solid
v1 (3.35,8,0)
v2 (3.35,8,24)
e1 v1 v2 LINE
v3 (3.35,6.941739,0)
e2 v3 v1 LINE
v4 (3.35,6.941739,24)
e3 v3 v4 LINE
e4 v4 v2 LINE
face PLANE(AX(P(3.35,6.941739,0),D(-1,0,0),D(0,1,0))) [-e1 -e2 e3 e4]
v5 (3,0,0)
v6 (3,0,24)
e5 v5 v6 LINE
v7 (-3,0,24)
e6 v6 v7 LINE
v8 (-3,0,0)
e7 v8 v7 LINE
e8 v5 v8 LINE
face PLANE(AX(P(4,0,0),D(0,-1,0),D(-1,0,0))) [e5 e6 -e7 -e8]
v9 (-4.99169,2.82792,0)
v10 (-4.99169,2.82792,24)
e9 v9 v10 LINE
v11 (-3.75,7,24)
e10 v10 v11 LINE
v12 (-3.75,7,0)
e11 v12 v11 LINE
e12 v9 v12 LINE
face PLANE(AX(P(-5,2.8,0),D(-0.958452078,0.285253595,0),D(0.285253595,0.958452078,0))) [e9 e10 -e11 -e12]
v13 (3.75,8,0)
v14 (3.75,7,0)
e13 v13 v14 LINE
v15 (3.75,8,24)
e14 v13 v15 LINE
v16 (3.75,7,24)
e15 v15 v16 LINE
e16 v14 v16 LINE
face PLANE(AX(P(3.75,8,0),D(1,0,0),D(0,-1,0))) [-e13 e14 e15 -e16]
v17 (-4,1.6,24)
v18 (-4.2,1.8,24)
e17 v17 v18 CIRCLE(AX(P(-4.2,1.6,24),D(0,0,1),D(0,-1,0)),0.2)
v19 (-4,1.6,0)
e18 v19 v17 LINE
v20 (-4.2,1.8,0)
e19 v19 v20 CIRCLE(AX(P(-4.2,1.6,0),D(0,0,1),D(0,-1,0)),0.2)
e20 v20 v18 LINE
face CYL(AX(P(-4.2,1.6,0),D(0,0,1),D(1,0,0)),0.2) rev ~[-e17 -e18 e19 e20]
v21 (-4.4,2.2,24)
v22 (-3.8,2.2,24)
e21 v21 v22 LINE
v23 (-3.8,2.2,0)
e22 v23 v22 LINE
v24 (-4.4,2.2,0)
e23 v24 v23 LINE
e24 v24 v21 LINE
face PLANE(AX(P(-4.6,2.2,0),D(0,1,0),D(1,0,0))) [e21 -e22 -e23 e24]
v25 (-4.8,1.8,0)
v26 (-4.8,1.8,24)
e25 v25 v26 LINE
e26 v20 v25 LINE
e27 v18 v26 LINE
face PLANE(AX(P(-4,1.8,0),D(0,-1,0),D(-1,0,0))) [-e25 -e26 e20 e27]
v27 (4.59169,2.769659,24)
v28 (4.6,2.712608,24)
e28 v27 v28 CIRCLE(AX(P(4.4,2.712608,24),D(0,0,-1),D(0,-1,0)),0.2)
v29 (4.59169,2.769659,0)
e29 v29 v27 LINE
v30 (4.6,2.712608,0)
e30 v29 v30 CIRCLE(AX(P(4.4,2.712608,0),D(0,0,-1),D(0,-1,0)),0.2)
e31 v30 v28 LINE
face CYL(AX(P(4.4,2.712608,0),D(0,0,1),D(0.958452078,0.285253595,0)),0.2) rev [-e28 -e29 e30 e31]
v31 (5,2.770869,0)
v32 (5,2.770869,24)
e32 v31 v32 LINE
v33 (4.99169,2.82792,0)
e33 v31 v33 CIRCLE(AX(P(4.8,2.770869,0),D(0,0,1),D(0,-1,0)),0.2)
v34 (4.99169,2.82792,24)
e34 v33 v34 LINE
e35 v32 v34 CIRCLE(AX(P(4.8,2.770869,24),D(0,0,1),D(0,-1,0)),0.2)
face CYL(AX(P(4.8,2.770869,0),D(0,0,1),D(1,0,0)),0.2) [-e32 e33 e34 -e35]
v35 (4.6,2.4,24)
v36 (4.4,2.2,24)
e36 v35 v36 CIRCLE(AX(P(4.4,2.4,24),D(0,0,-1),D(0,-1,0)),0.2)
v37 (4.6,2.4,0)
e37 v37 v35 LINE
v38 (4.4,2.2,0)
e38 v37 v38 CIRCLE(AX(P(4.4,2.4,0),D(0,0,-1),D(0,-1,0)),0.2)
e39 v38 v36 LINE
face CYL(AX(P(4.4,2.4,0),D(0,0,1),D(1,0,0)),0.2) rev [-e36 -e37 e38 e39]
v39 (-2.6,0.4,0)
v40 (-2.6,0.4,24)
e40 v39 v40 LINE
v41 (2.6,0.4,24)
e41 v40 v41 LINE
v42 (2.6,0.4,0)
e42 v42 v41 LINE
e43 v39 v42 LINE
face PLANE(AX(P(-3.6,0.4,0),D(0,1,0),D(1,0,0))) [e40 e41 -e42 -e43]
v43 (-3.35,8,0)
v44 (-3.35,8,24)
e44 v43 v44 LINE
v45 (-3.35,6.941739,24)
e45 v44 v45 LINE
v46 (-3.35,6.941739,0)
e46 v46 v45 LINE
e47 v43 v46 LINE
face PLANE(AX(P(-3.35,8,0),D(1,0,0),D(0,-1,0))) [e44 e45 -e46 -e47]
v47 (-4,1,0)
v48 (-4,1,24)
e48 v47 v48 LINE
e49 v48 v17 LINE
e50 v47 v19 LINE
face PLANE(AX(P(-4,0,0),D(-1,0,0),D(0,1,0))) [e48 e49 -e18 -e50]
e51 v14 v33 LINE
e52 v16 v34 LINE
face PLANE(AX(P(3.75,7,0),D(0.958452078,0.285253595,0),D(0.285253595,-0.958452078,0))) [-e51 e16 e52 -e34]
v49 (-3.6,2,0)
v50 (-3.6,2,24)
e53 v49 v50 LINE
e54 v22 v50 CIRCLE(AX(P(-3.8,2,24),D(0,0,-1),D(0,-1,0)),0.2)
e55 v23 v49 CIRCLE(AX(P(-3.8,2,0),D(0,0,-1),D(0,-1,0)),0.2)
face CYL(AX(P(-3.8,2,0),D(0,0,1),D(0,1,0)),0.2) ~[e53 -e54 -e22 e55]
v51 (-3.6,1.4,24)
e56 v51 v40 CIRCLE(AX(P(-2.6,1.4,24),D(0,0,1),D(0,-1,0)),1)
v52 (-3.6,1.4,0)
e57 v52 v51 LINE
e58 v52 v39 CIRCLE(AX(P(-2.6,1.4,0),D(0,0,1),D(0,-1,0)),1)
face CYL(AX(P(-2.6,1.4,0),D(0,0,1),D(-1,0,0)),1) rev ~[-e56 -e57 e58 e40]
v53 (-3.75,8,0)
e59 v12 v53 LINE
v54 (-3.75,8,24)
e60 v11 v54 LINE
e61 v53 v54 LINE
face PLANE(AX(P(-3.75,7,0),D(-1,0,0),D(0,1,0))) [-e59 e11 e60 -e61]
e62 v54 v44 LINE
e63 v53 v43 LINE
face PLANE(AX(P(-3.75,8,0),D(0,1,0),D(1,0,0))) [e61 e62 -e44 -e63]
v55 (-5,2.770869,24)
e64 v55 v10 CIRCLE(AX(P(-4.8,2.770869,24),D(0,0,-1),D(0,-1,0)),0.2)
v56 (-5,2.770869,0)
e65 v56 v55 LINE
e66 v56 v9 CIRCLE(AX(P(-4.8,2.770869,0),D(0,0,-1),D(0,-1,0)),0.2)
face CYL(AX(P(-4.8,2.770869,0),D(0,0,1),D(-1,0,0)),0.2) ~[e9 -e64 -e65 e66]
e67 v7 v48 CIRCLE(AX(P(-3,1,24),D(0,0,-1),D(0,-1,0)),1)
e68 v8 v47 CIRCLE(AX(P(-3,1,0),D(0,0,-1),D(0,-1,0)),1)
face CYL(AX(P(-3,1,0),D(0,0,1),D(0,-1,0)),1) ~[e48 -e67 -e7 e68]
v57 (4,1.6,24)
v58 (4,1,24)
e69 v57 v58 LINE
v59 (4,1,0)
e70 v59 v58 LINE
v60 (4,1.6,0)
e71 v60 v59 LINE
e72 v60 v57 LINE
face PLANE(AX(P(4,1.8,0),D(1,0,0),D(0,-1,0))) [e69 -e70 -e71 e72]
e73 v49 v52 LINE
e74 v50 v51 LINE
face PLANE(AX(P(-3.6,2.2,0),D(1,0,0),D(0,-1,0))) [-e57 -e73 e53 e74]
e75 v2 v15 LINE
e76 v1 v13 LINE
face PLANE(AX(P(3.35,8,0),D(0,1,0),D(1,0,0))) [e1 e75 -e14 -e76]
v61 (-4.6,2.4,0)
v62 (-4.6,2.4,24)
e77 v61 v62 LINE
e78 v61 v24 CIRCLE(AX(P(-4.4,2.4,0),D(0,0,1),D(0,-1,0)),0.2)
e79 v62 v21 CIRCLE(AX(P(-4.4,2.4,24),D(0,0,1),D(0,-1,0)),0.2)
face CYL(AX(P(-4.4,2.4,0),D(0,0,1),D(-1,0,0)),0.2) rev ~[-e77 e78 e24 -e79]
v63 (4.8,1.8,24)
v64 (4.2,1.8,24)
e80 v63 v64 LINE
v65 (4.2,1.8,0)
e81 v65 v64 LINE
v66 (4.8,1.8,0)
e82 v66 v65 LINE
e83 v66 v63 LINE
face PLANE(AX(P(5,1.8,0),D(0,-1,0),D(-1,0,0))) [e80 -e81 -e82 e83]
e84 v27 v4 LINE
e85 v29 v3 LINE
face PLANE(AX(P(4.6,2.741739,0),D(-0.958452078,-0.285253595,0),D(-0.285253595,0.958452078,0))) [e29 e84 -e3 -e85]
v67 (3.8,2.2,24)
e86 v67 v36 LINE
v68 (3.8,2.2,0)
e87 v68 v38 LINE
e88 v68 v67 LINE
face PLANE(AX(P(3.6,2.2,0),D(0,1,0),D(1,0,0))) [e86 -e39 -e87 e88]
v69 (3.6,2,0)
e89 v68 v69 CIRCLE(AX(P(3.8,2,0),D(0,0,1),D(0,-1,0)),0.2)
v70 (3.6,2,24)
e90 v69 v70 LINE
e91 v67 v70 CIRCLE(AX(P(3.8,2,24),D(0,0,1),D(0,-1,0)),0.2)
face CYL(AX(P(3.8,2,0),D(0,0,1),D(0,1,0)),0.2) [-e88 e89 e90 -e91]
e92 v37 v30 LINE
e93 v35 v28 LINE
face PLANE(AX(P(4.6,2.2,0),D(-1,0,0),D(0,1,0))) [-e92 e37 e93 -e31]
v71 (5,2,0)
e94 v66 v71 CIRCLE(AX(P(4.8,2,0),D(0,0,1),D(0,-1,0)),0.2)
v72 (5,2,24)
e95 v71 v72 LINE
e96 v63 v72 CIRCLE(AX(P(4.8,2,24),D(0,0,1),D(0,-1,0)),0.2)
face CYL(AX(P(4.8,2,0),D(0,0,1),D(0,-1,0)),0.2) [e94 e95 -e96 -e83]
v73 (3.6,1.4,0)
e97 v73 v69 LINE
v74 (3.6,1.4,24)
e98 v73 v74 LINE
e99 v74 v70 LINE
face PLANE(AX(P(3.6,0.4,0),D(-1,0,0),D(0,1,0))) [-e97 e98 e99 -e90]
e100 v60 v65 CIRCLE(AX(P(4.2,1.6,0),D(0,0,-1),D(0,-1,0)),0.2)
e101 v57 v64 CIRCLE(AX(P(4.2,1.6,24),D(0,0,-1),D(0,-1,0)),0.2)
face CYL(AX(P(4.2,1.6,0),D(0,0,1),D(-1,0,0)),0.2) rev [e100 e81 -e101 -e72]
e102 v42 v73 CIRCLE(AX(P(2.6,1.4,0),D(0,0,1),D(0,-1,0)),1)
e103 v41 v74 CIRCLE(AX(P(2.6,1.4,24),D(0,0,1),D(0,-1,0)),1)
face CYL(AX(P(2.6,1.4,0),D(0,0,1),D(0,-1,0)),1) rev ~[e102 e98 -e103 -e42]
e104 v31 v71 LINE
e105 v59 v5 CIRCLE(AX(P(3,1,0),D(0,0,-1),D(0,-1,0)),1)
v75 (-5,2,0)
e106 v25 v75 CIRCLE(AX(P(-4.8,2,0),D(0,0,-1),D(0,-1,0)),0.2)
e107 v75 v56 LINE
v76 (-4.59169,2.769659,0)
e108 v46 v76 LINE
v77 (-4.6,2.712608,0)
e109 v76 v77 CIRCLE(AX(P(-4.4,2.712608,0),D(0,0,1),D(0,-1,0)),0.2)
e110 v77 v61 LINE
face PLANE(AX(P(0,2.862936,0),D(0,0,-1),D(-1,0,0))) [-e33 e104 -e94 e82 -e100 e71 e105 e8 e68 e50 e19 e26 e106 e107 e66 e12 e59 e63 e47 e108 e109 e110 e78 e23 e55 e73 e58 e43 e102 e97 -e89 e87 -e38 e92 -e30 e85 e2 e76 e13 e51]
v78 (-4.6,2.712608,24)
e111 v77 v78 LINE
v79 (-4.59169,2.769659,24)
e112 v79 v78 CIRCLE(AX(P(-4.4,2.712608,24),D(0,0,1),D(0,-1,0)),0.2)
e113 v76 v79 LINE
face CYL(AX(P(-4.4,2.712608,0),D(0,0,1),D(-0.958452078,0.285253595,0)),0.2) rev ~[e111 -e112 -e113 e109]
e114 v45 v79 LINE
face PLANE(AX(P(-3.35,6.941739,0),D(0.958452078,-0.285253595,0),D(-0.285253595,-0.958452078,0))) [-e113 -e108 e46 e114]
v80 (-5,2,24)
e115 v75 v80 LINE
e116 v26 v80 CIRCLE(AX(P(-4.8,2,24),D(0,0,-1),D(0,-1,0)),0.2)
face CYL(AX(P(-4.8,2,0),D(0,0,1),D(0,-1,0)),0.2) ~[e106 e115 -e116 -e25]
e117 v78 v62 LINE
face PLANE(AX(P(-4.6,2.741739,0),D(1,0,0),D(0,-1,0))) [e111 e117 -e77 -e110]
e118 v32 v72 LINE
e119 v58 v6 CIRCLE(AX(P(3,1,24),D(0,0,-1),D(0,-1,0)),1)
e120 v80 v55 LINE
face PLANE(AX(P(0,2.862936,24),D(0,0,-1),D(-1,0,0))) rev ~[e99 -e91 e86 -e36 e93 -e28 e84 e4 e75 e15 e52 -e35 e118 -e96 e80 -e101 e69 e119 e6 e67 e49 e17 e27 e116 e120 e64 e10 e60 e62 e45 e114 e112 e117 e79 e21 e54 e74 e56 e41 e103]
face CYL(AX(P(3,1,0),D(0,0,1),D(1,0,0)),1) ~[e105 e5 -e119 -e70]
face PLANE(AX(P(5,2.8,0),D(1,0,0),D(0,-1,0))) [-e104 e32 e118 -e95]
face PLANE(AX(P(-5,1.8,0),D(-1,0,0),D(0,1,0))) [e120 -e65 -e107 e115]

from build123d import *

# Parameters (mm, degrees)
EXTRUDE_THIN1_DEPTH = 24
FILLET1_R           = 1
FILLET2_R           = 0.2


with BuildPart() as part:
    # Sketch1 → Extrude-Thin1 (new body)
    with BuildSketch(Plane.XY):
        Polygon((3.75, 8), (3.75, 7), (5, 2.8), (5, 1.8), (4, 1.8), (4, 0), (-4, 0), (-4, 1.8), (-5, 1.8), (-5, 2.8), (-3.75, 7), (-3.75, 8), (-3.35, 8), (-3.35, 6.941738969), (-4.6, 2.741738969), (-4.6, 2.2), (-3.6, 2.2), (-3.6, 0.4), (3.6, 0.4), (3.6, 2.2), (4.6, 2.2), (4.6, 2.741738969), (3.35, 6.941738969), (3.35, 8), align=None)
    extrude(amount=EXTRUDE_THIN1_DEPTH)

    # Fillet1
    fillet1_edges = [part.edges().sort_by_distance(p)[0] for p in [
        (4, 0, 12),
        (-4, 0, 12),
        (-3.6, 0.4, 12),
        (3.6, 0.4, 12),
    ]]
    fillet(fillet1_edges, radius=FILLET1_R)

    # Fillet2
    fillet2_edges = [part.edges().sort_by_distance(p)[0] for p in [
        (5, 2.8, 12),
        (5, 1.8, 12),
        (4, 1.8, 12),
        (-4, 1.8, 12),
        (-5, 1.8, 12),
        (-5, 2.8, 12),
        (-4.6, 2.741738969, 12),
        (-4.6, 2.2, 12),
        (-3.6, 2.2, 12),
        (3.6, 2.2, 12),
        (4.6, 2.2, 12),
        (4.6, 2.741738969, 12),
    ]]
    fillet(fillet2_edges, radius=FILLET2_R)


solid = part.part
